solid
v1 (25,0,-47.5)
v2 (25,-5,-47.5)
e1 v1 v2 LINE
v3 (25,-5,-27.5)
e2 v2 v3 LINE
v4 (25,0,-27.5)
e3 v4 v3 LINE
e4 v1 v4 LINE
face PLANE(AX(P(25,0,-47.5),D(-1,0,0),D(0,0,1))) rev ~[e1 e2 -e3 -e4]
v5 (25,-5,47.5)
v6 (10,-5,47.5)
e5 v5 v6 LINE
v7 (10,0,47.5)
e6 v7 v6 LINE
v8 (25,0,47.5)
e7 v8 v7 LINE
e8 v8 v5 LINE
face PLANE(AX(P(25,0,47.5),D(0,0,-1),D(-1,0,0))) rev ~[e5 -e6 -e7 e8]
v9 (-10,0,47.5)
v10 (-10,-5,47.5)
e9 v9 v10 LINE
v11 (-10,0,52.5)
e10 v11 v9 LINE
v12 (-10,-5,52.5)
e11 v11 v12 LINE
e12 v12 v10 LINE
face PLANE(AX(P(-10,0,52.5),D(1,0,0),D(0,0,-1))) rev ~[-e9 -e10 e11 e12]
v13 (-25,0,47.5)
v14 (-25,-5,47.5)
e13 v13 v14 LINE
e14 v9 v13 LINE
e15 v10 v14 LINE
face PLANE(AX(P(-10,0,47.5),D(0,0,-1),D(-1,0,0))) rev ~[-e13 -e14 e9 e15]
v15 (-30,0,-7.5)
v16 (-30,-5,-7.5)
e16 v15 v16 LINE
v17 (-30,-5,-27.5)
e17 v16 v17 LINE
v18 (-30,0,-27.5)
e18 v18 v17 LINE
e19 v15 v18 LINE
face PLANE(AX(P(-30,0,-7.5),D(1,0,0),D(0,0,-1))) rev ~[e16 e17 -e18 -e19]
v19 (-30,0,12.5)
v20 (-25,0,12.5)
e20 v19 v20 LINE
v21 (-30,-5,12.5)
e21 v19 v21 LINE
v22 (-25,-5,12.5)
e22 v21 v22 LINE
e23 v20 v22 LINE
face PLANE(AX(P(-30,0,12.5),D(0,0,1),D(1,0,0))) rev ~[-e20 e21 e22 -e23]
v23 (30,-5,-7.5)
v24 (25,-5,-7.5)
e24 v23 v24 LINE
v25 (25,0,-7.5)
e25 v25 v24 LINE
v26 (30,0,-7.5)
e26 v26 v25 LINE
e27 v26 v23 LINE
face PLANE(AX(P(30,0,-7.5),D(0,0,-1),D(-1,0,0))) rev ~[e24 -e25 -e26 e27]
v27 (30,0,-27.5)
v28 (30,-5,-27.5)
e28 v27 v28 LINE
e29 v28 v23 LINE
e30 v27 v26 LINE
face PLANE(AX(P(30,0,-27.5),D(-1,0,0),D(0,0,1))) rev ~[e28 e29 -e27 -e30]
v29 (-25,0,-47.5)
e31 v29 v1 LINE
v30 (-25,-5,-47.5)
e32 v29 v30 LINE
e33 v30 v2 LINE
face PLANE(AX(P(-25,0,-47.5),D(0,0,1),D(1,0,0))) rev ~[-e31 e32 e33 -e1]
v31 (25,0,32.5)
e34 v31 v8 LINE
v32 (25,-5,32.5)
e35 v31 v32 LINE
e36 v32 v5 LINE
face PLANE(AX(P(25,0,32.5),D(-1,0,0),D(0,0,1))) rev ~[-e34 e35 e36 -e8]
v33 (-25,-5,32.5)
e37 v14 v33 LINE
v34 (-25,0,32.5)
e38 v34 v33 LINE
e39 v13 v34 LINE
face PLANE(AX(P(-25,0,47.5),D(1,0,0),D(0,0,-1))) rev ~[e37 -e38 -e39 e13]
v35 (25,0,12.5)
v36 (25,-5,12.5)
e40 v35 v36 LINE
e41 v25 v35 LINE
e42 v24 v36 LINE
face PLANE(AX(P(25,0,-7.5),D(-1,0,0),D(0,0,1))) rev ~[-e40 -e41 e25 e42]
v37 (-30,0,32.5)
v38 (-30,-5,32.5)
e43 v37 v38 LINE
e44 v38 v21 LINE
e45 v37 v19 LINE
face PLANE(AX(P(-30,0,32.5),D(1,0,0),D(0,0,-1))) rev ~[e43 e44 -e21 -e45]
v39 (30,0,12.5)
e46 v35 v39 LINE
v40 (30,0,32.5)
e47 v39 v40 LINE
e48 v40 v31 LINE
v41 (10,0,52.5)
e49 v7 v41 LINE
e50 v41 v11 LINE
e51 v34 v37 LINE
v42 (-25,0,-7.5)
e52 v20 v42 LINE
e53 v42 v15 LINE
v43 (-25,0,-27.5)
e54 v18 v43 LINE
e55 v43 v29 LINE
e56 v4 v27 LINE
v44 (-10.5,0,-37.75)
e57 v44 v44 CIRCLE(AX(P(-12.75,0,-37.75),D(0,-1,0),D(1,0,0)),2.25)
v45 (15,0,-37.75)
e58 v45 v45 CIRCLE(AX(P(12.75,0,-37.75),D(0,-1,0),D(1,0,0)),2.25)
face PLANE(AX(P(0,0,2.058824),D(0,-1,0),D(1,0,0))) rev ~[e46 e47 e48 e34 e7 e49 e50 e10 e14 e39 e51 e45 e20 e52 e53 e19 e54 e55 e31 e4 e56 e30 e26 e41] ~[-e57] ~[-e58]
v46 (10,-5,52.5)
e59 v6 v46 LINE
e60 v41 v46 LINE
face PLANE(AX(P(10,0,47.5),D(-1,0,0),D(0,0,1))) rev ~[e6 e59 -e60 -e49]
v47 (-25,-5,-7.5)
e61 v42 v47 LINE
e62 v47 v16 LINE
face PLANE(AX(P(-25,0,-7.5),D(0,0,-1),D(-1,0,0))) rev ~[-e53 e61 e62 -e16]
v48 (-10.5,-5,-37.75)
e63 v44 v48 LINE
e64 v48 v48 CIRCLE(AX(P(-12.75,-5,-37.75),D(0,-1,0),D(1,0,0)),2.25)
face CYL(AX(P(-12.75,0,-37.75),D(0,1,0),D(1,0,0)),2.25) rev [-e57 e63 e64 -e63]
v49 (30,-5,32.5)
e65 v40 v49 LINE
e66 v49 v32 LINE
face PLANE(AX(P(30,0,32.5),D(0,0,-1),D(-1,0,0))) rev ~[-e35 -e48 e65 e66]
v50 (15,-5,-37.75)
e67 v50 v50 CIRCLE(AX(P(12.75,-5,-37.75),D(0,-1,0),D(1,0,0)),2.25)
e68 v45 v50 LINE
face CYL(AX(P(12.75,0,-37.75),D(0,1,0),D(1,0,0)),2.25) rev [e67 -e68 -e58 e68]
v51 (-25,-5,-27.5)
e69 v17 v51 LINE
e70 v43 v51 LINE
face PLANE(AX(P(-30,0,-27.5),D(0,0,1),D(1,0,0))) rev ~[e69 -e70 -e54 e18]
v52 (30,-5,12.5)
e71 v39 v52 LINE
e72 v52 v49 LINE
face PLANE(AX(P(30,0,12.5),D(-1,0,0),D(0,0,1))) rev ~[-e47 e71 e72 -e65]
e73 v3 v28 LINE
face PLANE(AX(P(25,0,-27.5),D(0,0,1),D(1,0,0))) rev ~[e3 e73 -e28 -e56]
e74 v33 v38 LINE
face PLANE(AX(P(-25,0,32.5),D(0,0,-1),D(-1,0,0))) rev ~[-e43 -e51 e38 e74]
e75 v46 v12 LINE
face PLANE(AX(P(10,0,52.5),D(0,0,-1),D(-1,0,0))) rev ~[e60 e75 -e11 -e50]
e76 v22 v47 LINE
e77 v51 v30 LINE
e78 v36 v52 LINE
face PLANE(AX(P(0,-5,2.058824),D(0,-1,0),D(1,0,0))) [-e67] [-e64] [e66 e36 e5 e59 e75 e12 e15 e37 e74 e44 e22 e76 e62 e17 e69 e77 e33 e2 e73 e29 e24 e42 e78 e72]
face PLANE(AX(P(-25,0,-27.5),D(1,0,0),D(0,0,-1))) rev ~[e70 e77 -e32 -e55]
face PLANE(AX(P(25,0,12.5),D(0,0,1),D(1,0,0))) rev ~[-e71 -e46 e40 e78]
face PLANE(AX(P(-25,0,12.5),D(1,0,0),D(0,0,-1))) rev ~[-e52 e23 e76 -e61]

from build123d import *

# Parameters (mm, degrees)
F0_R     = 2.25
F1_DEPTH = 5


with BuildPart() as f1:
    # F0 (on Front) → F1 (new body)
    with BuildSketch(Plane.XZ):
        Polygon((25, 32.5), (25, 47.5), (10, 47.5), (10, 52.5), (-10, 52.5), (-10, 47.5), (-25, 47.5), (-25, 32.5), (-30, 32.5), (-30, 12.5), (-25, 12.5), (-25, -7.5), (-30, -7.5), (-30, -27.5), (-25, -27.5), (-25, -47.5), (25, -47.5), (25, -27.5), (30, -27.5), (30, -7.5), (25, -7.5), (25, 12.5), (30, 12.5), (30, 32.5), align=None)
        with Locations((-12.75, -37.75)):
            Circle(F0_R, mode=Mode.SUBTRACT)
        with Locations((12.75, -37.75)):
            Circle(F0_R, mode=Mode.SUBTRACT)
    extrude(amount=F1_DEPTH)


solid = f1.part
